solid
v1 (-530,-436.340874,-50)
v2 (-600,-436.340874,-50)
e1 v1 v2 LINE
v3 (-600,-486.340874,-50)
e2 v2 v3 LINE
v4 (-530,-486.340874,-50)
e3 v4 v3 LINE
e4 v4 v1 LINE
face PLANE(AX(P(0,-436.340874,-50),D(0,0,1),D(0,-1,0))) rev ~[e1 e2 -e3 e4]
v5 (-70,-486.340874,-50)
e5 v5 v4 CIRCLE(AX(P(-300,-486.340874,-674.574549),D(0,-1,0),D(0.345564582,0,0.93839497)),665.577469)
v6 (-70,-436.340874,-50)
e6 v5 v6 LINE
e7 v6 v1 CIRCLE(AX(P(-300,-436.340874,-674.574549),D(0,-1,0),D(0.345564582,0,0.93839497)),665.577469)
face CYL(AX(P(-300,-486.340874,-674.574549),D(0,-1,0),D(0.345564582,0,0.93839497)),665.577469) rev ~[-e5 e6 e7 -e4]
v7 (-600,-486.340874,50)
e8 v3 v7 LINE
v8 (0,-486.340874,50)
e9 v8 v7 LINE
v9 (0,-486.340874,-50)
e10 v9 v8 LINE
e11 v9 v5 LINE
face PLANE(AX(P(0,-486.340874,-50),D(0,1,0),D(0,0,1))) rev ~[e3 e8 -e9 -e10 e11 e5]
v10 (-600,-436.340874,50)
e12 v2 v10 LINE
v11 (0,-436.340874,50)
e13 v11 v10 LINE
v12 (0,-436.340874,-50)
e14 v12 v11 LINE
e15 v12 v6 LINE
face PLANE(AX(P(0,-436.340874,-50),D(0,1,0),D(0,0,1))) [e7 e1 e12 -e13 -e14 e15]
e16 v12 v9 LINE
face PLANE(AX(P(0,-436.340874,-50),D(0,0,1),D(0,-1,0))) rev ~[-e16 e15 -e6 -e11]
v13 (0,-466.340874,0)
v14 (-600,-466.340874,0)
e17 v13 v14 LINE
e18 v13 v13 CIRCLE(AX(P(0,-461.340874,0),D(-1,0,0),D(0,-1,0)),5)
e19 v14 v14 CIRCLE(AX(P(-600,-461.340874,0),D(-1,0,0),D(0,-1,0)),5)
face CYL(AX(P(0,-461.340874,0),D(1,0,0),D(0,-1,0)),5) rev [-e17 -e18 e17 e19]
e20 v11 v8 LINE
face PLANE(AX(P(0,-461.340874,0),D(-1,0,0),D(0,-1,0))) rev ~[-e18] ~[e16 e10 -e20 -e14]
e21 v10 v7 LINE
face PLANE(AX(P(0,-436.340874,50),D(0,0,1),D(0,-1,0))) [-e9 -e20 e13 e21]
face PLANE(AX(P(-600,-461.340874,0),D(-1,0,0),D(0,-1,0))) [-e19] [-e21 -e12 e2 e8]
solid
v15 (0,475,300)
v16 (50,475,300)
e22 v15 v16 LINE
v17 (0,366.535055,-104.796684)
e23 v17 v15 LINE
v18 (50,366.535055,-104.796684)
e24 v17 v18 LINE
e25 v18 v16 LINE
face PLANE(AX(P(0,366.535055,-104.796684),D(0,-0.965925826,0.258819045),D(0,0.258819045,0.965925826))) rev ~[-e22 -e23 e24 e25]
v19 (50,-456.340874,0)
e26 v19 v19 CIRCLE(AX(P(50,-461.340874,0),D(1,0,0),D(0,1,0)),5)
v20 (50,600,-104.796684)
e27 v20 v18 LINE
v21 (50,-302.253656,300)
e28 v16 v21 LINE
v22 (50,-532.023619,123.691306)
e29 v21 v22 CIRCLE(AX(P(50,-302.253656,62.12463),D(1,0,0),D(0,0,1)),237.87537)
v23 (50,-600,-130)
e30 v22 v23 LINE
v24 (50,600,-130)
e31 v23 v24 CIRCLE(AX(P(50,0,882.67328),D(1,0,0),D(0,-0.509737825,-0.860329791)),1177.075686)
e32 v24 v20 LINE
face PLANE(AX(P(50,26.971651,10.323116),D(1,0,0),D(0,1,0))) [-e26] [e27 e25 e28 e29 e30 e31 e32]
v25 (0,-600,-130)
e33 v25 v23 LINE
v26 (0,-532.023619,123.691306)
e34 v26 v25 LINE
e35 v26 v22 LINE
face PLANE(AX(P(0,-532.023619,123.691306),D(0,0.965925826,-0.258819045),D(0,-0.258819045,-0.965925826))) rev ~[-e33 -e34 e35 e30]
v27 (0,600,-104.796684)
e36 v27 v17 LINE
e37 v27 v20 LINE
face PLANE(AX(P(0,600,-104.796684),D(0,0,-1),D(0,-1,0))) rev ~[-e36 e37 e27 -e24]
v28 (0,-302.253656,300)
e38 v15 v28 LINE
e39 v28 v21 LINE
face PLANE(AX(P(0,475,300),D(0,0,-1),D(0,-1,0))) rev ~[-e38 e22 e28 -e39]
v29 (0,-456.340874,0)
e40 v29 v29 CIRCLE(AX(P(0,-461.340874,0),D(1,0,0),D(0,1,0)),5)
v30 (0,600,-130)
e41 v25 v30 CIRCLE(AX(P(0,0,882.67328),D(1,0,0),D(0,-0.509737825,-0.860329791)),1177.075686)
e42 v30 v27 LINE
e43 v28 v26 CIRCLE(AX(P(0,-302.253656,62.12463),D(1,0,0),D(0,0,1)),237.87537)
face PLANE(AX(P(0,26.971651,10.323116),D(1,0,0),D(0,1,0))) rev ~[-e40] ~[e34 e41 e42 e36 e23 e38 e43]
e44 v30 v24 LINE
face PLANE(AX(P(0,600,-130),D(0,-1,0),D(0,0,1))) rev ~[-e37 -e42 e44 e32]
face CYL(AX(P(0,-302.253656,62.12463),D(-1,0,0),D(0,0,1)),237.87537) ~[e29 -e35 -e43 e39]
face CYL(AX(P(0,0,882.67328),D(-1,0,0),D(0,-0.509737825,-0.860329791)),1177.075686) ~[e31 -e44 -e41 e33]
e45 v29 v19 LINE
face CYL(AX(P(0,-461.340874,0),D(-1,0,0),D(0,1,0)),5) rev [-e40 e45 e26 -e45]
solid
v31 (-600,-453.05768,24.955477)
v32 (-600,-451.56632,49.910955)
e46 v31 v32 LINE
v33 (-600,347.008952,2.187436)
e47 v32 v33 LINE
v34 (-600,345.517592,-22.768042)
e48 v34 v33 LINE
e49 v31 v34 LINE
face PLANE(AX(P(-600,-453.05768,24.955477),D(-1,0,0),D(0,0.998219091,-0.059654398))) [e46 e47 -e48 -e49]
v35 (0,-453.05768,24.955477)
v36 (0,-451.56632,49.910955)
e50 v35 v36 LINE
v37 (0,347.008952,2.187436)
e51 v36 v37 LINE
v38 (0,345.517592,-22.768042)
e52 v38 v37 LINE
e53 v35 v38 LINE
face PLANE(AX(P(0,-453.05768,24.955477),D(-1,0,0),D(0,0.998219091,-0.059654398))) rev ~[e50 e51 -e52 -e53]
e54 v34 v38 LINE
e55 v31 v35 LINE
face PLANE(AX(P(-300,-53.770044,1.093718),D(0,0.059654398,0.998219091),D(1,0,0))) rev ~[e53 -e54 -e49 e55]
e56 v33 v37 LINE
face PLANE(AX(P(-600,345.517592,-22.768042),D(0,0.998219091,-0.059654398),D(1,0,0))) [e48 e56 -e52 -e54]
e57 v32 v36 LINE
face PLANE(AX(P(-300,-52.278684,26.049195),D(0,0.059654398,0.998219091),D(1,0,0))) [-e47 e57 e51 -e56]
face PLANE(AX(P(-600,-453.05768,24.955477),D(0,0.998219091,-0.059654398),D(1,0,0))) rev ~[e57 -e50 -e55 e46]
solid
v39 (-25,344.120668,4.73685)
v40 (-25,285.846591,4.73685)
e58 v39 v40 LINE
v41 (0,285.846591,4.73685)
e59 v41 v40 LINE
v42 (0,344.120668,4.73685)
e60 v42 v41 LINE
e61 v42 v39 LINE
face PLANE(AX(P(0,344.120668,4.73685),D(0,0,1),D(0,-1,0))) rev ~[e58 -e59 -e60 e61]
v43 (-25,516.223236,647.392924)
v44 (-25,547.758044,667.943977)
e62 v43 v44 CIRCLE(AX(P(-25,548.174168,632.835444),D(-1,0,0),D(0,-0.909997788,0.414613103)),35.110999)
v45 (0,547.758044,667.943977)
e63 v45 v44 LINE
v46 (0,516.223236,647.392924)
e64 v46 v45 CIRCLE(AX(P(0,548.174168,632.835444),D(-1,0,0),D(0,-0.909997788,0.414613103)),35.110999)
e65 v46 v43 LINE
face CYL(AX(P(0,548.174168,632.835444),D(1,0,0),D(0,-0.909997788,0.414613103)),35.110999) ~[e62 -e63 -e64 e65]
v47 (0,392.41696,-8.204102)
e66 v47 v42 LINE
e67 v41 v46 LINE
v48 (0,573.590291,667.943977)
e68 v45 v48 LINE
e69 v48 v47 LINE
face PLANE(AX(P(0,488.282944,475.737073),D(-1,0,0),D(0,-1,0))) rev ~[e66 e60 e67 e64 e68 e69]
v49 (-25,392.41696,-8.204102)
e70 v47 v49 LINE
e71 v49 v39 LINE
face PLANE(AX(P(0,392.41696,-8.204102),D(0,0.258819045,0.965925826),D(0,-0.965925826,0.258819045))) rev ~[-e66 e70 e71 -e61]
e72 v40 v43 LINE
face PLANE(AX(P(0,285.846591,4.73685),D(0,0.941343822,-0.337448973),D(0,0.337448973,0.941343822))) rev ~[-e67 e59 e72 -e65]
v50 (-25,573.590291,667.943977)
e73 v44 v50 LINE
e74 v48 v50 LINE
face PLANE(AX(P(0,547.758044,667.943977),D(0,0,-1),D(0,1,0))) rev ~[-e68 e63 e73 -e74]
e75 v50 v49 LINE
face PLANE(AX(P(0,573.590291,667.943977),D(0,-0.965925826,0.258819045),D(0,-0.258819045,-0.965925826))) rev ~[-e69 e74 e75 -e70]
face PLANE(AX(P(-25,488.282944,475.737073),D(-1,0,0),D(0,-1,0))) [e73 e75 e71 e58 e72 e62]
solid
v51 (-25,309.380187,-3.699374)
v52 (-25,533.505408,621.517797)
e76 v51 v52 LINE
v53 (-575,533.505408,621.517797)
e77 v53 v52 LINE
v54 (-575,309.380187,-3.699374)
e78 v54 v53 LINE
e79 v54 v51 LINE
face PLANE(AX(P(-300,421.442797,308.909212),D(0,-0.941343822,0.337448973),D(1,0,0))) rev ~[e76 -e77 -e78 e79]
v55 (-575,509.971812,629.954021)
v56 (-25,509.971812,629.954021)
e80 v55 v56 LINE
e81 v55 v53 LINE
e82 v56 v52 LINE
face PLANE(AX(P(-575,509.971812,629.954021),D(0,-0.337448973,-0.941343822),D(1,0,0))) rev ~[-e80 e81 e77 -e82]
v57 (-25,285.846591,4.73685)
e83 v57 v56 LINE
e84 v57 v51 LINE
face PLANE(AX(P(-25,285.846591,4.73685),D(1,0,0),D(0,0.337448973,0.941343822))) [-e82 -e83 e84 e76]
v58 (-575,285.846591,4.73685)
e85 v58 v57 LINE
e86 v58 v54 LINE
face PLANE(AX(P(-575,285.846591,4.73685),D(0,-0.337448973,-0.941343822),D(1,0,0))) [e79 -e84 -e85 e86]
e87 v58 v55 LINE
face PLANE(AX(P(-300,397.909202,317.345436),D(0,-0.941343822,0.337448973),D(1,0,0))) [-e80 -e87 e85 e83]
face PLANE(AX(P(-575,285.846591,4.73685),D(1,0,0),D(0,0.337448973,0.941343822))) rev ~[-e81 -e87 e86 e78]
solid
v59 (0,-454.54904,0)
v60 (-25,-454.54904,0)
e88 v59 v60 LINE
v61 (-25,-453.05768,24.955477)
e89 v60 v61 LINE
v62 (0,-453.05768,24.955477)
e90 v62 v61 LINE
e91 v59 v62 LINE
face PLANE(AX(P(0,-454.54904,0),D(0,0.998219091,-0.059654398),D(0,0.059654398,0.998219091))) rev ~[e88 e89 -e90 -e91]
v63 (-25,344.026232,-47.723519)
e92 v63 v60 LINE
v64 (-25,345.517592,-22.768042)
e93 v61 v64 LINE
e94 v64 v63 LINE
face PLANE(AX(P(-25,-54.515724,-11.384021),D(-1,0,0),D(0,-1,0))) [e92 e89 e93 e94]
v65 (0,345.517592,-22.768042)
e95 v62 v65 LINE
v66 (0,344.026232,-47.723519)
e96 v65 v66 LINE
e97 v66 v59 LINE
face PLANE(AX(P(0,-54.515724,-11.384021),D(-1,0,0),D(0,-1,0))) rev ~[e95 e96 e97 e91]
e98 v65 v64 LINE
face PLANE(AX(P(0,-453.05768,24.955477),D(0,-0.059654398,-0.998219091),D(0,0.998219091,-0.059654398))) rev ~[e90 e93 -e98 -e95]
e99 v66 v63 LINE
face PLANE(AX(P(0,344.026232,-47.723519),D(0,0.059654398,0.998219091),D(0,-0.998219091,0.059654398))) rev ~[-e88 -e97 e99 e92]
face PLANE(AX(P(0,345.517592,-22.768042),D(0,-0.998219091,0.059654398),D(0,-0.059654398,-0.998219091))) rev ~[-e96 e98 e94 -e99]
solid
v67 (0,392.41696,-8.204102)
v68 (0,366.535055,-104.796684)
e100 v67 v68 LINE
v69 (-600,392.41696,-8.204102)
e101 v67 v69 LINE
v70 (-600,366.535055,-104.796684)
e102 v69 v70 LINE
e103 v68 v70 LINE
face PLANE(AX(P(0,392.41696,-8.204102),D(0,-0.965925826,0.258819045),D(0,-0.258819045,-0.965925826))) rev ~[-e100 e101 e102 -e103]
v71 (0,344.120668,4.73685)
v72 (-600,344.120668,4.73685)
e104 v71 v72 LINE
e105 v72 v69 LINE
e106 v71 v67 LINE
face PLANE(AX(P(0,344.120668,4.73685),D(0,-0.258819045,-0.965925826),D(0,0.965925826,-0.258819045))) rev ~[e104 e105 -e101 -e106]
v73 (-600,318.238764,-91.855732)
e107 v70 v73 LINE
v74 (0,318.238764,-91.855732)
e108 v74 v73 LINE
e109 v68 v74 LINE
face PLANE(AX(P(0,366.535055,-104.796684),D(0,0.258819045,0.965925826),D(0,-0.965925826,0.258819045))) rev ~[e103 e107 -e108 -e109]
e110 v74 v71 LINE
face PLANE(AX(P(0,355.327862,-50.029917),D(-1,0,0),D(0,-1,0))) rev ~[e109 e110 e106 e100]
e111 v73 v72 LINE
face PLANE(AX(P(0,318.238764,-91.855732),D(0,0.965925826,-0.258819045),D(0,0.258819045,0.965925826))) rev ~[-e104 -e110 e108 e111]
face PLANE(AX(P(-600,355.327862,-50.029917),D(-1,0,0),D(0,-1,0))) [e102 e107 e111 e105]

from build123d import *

# Parameters (mm, degrees)
F0_R      = 5
F1_DEPTH  = 50
F2_W      = 50
F2_H      = 100
F2_R      = 5
F3_DEPTH  = 600
F5_DEPTH  = 600
F7_DEPTH  = 25
F9_DEPTH  = 25
F10_W     = 600
F10_H     = 800
F11_DEPTH = 25
F12_W     = 550
F12_H     = 664.1751467431
F13_DEPTH = 25
F15_DEPTH = 50


with BuildPart() as f1:
    # F0 (on Right) → F1 (new body)
    with BuildSketch(Plane.YZ):
        with BuildLine():
            Line((-532.0236194466, 123.6913059399), (-600, -130))
            ThreePointArc((-600, -130), (0, -294.4024066372), (600, -130))
            Line((600, -130), (600, -104.7966844847))
            Line((600, -104.7966844847), (366.5350552935, -104.7966844847))
            Line((366.5350552935, -104.7966844847), (475, 300))
            Line((475, 300), (350, 300))
            Line((350, 300), (-302.253655895, 300))
            ThreePointArc((-302.253655895, 300), (-447.0630062075, 250.8438493132), (-532.0236194466, 123.6913059399))
        make_face()
        with Locations((-461.3408744335, 0)):
            Circle(F0_R, mode=Mode.SUBTRACT)
    extrude(amount=F1_DEPTH)


with BuildPart() as f3:
    # F2 (on face) → F3 (new body)
    with BuildSketch(Plane(origin=(0, 0, 0), x_dir=(0, -1, 0), z_dir=(-1, 0, 0))):
        with Locations((461.3408744335, 0)):
            Rectangle(F2_W, F2_H)
        with Locations((461.3408744335, 0)):
            Circle(F2_R, mode=Mode.SUBTRACT)
    extrude(amount=F3_DEPTH)

    # F14 (on face) → F15 (cut)
    with BuildSketch(Plane.XZ.offset(486.3408744335)):
        with BuildLine():
            Line((-530, -50), (-70, -50))
            ThreePointArc((-70, -50), (-300, -8.9970800157), (-530, -50))
        make_face()
    extrude(amount=-F15_DEPTH, mode=Mode.SUBTRACT)


with BuildPart() as f5:
    # F4 (on face) → F5 (new body)
    with BuildSketch(Plane(origin=(0, 0, 0), x_dir=(0, -1, 0), z_dir=(-1, 0, 0))):
        Polygon((-392.4169598038, -8.2041018558), (-366.5350552935, -104.7966844847), (-318.2387639791, -91.8557322296), (-344.1206684893, 4.7368503993), align=None)
    extrude(amount=F5_DEPTH)


with BuildPart() as f7:
    # F6 (on face) → F7 (new body)
    with BuildSketch(Plane(origin=(0, 0, 0), x_dir=(0, -1, 0), z_dir=(-1, 0, 0))):
        with BuildLine():
            Line((-573.5902913755, 667.9439765465), (-475, 300))
            Line((-475, 300), (-391.6912826529, 300))
            Line((-391.6912826529, 300), (-516.2232364988, 647.3929239418))
            ThreePointArc((-516.2232364988, 647.3929239418), (-529.0040606879, 662.2512427731), (-547.7580439349, 667.9439765465))
            Line((-547.7580439349, 667.9439765465), (-548.5902913755, 667.9439765465))
            Line((-548.5902913755, 667.9439765465), (-573.5902913755, 667.9439765465))
        make_face()
        Polygon((-475, 300), (-392.4169598038, -8.2041018558), (-344.1206684893, 4.7368503993), (-285.8465909958, 4.7368503993), (-391.6912826529, 300), align=None)
    extrude(amount=F7_DEPTH)


with BuildPart() as f9:
    # F8 (on face) → F9 (new body)
    with BuildSketch(Plane(origin=(0, 0, 0), x_dir=(0, -1, 0), z_dir=(-1, 0, 0))):
        Polygon((-344.0262324481, -47.7235187982), (454.5490399925, 0), (453.05768003, 24.9554772638), (-345.5175924105, -22.7680415345), align=None)
    extrude(amount=F9_DEPTH)


with BuildPart() as f11:
    # F10 (on face) → F11 (new body)
    with BuildSketch(Plane(origin=(0, -0.1262197333, -2.112081432), x_dir=(1, 0, 0), z_dir=(0, 0.0596543985, 0.9982190906))):
        with Locations((-300, -53.739529312)):
            Rectangle(F10_W, F10_H)
    extrude(amount=F11_DEPTH)


with BuildPart() as f13:
    # F12 (on face) → F13 (new body)
    with BuildSketch(Plane(origin=(0, 251.792035893, -90.261349704), x_dir=(1, 0, 0), z_dir=(0, -0.9413438217, 0.3374489729))):
        with Locations((-300, 433.0052167552)):
            Rectangle(F12_W, F12_H)
    extrude(amount=-F13_DEPTH)


solid = Compound([f1.part, f3.part, f5.part, f7.part, f9.part, f11.part, f13.part])
